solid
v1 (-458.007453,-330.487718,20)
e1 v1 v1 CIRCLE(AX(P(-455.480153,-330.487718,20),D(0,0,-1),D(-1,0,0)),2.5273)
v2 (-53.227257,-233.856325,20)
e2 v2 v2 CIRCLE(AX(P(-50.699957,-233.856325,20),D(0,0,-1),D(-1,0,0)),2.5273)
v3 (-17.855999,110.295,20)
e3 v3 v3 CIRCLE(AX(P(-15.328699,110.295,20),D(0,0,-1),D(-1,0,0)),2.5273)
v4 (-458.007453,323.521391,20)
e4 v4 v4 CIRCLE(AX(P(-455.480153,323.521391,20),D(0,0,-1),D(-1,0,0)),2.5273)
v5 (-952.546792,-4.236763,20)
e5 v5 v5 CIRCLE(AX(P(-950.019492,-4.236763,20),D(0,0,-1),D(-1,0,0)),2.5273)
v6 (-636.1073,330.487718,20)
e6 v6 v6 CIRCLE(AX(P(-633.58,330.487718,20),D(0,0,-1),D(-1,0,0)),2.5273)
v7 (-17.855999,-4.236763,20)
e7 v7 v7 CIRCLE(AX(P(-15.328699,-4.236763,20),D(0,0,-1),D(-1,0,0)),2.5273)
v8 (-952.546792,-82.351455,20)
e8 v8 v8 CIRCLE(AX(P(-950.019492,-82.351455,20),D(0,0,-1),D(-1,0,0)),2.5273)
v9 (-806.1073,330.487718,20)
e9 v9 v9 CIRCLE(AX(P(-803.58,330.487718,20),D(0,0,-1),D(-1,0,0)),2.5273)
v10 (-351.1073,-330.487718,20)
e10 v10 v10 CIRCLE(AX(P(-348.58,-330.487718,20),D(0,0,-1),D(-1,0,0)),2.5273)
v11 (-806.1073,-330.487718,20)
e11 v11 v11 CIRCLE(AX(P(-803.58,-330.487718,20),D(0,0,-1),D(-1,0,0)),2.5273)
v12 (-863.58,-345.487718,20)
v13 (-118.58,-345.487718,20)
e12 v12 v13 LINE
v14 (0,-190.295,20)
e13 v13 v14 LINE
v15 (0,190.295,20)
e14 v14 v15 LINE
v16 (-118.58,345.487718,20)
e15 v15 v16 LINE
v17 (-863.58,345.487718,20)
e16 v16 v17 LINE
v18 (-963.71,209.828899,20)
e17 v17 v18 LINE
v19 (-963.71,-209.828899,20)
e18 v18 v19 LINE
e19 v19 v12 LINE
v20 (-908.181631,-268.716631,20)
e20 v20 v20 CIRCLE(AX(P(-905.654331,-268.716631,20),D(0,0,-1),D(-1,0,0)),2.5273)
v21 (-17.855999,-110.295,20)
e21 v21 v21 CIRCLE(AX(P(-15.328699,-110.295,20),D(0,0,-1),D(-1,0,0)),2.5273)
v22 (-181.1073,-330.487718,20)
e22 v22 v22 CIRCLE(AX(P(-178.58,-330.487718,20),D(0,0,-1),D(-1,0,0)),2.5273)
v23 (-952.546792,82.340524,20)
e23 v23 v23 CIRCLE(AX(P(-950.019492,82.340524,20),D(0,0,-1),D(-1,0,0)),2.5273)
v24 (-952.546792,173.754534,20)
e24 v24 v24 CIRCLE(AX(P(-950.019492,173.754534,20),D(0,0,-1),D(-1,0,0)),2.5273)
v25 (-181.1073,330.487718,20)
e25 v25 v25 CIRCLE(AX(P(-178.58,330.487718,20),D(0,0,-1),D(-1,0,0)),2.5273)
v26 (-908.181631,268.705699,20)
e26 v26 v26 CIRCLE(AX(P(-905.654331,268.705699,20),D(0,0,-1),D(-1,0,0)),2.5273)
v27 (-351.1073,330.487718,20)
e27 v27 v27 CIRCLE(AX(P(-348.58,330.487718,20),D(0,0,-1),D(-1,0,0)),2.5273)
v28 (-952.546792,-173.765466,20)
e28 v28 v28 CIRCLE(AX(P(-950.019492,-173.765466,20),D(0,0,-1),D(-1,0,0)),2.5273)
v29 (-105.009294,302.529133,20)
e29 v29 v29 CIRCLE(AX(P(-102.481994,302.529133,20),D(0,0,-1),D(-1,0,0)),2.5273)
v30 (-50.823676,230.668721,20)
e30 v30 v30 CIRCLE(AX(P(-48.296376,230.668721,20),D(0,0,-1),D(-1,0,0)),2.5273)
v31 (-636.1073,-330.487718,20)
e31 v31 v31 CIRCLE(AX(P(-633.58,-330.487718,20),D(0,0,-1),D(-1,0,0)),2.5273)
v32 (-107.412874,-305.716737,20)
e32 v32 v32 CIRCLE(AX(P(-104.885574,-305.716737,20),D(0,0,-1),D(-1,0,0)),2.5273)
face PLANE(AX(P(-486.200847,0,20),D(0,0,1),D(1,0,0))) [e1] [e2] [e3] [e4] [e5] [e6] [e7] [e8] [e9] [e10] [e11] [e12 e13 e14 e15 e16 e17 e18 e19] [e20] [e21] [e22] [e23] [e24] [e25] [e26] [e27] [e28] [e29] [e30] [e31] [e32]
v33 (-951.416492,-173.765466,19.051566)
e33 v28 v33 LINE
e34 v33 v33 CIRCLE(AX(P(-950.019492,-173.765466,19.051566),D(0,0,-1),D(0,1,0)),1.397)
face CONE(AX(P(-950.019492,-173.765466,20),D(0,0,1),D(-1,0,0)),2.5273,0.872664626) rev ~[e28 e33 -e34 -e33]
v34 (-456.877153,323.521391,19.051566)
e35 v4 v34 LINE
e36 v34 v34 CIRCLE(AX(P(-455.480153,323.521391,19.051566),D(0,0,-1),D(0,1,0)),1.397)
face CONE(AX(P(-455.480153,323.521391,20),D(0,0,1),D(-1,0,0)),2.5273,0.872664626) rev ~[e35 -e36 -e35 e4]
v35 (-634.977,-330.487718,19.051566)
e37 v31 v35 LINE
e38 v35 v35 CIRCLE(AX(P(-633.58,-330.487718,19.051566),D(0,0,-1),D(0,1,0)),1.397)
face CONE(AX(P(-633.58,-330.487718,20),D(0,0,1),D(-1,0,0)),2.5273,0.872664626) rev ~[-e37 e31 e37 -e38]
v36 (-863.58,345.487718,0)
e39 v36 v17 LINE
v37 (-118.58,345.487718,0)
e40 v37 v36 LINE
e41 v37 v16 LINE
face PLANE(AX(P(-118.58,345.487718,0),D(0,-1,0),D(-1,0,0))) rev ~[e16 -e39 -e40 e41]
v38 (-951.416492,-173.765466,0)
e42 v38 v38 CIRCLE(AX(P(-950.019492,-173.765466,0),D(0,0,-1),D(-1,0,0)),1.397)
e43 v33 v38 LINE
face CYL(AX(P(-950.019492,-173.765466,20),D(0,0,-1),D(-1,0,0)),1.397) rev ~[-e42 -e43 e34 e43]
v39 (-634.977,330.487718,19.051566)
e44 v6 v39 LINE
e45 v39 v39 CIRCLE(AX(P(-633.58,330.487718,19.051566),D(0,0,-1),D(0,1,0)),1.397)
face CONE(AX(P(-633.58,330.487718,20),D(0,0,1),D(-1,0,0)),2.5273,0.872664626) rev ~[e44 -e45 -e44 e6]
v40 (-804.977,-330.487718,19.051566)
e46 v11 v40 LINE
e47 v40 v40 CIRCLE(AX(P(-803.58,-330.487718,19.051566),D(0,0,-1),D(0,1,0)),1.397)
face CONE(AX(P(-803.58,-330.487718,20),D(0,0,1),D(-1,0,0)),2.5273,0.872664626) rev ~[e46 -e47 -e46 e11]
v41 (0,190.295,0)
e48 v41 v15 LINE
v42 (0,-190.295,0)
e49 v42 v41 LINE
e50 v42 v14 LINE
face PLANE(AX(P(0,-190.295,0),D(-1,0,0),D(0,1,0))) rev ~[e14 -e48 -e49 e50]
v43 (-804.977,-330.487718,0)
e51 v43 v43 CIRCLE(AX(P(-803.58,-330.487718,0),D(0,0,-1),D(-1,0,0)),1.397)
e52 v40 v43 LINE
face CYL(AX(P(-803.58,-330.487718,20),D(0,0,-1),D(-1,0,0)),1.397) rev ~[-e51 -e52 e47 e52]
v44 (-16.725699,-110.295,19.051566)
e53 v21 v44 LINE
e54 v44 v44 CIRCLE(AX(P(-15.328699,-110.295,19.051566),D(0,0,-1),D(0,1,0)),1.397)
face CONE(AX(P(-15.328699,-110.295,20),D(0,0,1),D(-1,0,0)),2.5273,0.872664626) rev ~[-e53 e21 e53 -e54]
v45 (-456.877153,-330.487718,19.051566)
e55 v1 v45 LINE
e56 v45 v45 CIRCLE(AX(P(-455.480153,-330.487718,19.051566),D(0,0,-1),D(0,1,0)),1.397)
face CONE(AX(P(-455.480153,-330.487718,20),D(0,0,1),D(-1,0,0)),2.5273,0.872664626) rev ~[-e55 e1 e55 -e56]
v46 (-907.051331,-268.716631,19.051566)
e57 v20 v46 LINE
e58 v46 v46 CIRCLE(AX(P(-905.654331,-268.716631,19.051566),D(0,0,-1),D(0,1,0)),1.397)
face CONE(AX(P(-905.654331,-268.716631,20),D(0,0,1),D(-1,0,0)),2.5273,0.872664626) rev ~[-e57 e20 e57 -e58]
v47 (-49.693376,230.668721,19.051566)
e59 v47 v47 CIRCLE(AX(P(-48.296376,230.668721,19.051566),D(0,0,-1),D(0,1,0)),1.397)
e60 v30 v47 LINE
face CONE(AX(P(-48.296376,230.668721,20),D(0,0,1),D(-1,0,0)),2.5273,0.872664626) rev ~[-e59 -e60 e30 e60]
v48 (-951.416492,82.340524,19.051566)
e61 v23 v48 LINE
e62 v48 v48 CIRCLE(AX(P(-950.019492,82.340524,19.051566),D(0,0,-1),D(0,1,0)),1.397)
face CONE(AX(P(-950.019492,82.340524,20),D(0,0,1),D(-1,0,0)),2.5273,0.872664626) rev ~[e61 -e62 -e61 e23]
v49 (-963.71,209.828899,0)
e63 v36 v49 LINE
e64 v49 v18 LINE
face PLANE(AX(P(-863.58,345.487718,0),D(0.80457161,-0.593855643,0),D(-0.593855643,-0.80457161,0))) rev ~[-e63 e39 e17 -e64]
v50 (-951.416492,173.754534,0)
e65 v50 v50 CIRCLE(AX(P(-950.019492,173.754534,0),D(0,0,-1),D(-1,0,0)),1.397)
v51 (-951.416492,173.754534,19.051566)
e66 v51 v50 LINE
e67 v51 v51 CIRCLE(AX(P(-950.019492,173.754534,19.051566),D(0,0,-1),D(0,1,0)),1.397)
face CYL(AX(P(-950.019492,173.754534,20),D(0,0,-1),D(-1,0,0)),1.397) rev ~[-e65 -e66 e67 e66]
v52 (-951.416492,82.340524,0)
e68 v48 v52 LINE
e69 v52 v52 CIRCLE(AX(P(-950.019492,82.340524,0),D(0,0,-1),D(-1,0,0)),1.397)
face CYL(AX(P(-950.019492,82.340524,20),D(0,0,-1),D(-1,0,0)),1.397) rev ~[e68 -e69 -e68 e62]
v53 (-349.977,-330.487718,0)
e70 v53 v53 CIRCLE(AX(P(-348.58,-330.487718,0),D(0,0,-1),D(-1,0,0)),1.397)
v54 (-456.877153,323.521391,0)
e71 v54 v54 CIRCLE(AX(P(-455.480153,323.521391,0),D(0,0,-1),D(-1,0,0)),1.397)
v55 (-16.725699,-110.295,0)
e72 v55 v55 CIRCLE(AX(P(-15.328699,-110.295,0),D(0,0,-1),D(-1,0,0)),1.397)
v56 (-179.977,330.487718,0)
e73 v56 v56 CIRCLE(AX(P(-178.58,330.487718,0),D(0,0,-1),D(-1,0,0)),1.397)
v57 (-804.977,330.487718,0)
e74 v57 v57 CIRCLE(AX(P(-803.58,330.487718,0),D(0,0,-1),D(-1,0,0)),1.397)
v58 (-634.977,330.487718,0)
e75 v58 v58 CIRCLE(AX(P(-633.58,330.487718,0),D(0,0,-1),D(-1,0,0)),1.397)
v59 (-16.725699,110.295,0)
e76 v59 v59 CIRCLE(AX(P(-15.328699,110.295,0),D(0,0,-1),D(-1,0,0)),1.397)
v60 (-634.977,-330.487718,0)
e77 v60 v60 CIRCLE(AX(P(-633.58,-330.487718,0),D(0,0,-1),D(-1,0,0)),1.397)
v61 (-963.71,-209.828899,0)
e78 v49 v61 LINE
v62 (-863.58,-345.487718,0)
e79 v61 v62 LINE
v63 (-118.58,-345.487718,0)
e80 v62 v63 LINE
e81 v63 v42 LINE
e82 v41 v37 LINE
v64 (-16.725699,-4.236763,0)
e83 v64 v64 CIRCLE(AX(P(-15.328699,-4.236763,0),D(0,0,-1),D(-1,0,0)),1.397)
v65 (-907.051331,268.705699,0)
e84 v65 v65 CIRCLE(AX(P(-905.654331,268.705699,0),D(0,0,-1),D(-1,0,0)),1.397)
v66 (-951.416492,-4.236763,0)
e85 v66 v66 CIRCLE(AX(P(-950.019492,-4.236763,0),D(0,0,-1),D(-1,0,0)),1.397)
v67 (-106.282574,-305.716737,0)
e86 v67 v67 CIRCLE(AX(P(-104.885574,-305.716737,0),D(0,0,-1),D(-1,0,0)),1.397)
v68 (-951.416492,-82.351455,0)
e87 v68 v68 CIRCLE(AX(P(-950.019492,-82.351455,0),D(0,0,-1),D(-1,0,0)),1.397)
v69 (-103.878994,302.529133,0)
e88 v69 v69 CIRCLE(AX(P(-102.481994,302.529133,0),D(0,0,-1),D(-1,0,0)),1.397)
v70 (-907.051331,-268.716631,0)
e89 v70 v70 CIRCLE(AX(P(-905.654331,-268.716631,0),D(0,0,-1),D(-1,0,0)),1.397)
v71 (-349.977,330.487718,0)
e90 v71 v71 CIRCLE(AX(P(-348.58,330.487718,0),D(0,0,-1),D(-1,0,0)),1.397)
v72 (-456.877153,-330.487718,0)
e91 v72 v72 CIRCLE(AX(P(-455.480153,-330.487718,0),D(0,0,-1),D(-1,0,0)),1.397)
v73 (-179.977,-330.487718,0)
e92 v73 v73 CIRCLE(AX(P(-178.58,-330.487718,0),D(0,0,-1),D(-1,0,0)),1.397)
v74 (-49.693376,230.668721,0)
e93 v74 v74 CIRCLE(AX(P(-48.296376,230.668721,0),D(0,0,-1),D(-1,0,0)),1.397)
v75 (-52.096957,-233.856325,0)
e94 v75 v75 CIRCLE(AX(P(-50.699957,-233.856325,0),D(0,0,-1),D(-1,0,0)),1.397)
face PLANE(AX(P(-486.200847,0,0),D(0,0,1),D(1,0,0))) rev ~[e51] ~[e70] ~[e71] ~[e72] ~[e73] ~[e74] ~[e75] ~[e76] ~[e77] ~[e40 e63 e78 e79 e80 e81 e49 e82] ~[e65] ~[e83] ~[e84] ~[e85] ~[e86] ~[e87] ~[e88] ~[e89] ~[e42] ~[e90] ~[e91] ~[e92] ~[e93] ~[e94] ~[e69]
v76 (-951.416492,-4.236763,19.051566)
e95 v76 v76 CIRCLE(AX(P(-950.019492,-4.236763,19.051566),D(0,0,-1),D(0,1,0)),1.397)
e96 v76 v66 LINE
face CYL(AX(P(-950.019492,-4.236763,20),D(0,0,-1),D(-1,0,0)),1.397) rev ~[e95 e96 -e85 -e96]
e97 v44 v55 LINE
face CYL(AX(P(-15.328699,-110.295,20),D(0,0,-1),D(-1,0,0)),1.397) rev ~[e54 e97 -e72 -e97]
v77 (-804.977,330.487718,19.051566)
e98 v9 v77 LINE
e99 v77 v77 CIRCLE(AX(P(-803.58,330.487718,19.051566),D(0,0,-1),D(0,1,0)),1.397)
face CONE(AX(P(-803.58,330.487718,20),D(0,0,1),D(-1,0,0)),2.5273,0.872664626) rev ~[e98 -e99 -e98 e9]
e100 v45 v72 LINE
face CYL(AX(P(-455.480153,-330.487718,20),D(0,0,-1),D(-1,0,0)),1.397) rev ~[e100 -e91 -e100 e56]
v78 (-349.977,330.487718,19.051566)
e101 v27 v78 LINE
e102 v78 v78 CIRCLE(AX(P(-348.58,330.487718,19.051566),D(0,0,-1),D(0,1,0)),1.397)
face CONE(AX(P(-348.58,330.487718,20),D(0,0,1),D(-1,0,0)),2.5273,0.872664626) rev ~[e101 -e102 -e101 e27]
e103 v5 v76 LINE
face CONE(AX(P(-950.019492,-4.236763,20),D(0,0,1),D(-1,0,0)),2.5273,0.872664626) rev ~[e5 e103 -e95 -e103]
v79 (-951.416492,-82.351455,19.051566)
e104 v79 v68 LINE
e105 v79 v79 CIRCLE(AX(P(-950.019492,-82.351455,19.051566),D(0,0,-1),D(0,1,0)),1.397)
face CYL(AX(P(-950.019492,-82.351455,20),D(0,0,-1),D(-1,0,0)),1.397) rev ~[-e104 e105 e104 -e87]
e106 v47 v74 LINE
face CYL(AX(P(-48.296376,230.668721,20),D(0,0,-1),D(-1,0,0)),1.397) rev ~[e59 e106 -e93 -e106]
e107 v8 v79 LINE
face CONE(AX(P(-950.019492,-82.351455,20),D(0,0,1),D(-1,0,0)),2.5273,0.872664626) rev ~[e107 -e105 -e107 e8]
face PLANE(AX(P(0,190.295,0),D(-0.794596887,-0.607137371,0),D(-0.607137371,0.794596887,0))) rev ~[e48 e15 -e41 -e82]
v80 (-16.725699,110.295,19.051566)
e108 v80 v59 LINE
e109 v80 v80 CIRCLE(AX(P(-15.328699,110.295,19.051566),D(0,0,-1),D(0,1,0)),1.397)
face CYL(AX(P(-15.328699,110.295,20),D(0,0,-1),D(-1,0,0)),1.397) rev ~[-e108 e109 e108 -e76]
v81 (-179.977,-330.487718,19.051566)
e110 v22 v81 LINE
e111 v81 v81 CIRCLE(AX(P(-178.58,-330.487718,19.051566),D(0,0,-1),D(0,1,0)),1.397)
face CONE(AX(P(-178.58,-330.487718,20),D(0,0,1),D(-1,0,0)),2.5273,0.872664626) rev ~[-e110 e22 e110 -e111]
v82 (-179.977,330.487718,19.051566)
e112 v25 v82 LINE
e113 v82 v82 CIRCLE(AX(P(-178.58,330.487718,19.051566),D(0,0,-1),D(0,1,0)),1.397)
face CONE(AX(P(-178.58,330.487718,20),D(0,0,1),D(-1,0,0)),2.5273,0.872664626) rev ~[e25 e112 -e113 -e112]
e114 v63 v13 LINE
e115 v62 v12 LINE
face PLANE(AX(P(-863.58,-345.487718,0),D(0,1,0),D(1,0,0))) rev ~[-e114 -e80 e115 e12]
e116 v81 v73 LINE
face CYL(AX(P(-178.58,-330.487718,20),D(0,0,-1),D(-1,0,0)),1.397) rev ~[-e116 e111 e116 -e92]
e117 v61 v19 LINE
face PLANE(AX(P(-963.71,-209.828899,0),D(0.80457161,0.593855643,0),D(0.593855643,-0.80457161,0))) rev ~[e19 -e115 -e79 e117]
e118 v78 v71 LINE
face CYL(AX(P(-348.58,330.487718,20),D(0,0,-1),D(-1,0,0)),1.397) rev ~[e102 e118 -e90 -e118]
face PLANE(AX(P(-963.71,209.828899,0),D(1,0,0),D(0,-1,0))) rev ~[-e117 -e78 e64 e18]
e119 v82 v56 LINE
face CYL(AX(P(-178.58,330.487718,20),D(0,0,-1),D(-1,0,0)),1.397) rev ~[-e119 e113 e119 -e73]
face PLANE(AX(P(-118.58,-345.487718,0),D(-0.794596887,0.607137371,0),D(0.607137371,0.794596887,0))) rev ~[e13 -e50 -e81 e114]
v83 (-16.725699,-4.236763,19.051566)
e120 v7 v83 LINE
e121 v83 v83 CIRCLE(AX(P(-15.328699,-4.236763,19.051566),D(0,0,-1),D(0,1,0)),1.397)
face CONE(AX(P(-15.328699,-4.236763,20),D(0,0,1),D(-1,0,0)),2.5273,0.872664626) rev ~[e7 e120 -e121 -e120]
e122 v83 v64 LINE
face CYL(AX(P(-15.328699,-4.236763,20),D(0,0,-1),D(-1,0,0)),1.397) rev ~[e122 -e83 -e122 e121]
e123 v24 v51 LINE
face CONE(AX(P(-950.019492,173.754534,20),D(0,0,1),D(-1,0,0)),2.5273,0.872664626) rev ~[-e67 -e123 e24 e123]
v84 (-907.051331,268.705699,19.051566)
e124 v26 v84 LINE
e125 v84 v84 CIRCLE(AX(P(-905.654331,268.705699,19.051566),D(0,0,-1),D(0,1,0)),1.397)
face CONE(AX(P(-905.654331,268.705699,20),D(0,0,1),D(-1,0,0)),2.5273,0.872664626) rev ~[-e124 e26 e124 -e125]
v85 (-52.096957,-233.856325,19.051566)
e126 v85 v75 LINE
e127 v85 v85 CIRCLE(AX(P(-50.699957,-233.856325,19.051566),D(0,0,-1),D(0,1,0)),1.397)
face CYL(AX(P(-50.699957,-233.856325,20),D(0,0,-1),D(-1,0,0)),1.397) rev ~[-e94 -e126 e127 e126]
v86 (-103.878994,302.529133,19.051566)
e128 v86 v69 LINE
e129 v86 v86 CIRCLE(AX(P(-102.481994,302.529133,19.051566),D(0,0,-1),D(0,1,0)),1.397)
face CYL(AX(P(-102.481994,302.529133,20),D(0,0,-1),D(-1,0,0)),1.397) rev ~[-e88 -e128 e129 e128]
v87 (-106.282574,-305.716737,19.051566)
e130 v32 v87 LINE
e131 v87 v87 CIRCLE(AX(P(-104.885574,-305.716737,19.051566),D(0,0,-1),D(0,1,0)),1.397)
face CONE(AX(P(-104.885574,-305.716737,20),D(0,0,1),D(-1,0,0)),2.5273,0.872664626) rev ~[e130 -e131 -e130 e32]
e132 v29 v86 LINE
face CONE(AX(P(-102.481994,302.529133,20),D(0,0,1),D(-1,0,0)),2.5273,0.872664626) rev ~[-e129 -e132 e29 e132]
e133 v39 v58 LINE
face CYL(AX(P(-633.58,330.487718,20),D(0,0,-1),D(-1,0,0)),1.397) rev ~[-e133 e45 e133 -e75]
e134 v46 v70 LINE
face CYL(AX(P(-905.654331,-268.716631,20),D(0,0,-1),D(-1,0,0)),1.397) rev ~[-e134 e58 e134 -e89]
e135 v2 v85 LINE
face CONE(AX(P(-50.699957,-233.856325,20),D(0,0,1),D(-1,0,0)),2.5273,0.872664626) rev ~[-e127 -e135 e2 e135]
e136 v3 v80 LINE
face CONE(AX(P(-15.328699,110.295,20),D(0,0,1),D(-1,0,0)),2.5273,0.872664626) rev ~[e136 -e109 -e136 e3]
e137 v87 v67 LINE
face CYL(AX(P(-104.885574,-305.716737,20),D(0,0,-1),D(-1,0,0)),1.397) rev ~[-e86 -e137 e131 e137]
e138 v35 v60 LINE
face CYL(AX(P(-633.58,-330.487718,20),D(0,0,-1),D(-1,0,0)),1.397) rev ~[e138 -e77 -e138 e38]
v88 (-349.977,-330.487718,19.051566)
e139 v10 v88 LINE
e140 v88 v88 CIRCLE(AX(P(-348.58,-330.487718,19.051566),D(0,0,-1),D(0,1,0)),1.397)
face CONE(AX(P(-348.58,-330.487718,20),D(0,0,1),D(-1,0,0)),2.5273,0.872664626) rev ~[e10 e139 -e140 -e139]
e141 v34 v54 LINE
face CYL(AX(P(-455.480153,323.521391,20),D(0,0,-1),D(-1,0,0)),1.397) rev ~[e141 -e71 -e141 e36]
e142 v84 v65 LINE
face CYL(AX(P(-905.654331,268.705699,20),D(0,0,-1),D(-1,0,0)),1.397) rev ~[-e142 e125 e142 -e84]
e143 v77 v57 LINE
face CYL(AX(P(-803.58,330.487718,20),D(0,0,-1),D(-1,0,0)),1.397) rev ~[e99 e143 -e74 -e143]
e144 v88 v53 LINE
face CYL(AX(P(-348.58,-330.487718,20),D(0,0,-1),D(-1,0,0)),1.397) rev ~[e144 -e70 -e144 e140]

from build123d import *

# Parameters (mm, degrees)
BOSS_EXTRUDE1_DEPTH                               = 20
CSK_FOR_3_FLAT_HEAD_MACHINE_SCREW_100_D           = 2.794
CSK_FOR_3_FLAT_HEAD_MACHINE_SCREW_100_DEPTH       = 20
CSK_FOR_3_FLAT_HEAD_MACHINE_SCREW_100_CSINK_D     = 5.0546
CSK_FOR_3_FLAT_HEAD_MACHINE_SCREW_100_CSINK_ANGLE = 100


with BuildPart() as part:
    # Sketch2 → Boss-Extrude1 (new body)
    with BuildSketch(Plane.XY):
        Polygon((-118.58, 345.487717935), (-863.58, 345.487717935), (-963.71, 209.828898833), (-963.71, -209.828898833), (-863.58, -345.487717935), (-118.58, -345.487717935), (0, -190.295), (0, 190.295), align=None)
    extrude(amount=BOSS_EXTRUDE1_DEPTH)

    # CSK for #3 Flat Head Machine Screw (100)1
    with Locations(Plane.XY.offset(20)):
        with Locations((-950.019491684, 82.340523551), (-950.019491684, 173.75453442), (-905.654330921, 268.705699397), (-803.58, 330.487717935), (-633.58, 330.487717935), (-455.480152545, 323.52139094), (-348.58, 330.487717935), (-178.58, 330.487717935), (-102.481993543, 302.529132765), (-48.296375955, 230.66872053), (-15.328698966, 110.295), (-15.328698966, -4.236762626), (-15.328698966, -110.295), (-50.699956706, -233.856324756), (-104.885574294, -305.716736991), (-178.58, -330.487717935), (-348.58, -330.487717935), (-455.480152545, -330.487717935), (-633.58, -330.487717935), (-803.58, -330.487717935), (-905.654330921, -268.716630557), (-950.019491684, -173.76546558), (-950.019491684, -82.351454711), (-950.019491684, -4.236762626)):
            CounterSinkHole(CSK_FOR_3_FLAT_HEAD_MACHINE_SCREW_100_D / 2, CSK_FOR_3_FLAT_HEAD_MACHINE_SCREW_100_CSINK_D / 2, depth=CSK_FOR_3_FLAT_HEAD_MACHINE_SCREW_100_DEPTH, counter_sink_angle=CSK_FOR_3_FLAT_HEAD_MACHINE_SCREW_100_CSINK_ANGLE)


solid = part.part
